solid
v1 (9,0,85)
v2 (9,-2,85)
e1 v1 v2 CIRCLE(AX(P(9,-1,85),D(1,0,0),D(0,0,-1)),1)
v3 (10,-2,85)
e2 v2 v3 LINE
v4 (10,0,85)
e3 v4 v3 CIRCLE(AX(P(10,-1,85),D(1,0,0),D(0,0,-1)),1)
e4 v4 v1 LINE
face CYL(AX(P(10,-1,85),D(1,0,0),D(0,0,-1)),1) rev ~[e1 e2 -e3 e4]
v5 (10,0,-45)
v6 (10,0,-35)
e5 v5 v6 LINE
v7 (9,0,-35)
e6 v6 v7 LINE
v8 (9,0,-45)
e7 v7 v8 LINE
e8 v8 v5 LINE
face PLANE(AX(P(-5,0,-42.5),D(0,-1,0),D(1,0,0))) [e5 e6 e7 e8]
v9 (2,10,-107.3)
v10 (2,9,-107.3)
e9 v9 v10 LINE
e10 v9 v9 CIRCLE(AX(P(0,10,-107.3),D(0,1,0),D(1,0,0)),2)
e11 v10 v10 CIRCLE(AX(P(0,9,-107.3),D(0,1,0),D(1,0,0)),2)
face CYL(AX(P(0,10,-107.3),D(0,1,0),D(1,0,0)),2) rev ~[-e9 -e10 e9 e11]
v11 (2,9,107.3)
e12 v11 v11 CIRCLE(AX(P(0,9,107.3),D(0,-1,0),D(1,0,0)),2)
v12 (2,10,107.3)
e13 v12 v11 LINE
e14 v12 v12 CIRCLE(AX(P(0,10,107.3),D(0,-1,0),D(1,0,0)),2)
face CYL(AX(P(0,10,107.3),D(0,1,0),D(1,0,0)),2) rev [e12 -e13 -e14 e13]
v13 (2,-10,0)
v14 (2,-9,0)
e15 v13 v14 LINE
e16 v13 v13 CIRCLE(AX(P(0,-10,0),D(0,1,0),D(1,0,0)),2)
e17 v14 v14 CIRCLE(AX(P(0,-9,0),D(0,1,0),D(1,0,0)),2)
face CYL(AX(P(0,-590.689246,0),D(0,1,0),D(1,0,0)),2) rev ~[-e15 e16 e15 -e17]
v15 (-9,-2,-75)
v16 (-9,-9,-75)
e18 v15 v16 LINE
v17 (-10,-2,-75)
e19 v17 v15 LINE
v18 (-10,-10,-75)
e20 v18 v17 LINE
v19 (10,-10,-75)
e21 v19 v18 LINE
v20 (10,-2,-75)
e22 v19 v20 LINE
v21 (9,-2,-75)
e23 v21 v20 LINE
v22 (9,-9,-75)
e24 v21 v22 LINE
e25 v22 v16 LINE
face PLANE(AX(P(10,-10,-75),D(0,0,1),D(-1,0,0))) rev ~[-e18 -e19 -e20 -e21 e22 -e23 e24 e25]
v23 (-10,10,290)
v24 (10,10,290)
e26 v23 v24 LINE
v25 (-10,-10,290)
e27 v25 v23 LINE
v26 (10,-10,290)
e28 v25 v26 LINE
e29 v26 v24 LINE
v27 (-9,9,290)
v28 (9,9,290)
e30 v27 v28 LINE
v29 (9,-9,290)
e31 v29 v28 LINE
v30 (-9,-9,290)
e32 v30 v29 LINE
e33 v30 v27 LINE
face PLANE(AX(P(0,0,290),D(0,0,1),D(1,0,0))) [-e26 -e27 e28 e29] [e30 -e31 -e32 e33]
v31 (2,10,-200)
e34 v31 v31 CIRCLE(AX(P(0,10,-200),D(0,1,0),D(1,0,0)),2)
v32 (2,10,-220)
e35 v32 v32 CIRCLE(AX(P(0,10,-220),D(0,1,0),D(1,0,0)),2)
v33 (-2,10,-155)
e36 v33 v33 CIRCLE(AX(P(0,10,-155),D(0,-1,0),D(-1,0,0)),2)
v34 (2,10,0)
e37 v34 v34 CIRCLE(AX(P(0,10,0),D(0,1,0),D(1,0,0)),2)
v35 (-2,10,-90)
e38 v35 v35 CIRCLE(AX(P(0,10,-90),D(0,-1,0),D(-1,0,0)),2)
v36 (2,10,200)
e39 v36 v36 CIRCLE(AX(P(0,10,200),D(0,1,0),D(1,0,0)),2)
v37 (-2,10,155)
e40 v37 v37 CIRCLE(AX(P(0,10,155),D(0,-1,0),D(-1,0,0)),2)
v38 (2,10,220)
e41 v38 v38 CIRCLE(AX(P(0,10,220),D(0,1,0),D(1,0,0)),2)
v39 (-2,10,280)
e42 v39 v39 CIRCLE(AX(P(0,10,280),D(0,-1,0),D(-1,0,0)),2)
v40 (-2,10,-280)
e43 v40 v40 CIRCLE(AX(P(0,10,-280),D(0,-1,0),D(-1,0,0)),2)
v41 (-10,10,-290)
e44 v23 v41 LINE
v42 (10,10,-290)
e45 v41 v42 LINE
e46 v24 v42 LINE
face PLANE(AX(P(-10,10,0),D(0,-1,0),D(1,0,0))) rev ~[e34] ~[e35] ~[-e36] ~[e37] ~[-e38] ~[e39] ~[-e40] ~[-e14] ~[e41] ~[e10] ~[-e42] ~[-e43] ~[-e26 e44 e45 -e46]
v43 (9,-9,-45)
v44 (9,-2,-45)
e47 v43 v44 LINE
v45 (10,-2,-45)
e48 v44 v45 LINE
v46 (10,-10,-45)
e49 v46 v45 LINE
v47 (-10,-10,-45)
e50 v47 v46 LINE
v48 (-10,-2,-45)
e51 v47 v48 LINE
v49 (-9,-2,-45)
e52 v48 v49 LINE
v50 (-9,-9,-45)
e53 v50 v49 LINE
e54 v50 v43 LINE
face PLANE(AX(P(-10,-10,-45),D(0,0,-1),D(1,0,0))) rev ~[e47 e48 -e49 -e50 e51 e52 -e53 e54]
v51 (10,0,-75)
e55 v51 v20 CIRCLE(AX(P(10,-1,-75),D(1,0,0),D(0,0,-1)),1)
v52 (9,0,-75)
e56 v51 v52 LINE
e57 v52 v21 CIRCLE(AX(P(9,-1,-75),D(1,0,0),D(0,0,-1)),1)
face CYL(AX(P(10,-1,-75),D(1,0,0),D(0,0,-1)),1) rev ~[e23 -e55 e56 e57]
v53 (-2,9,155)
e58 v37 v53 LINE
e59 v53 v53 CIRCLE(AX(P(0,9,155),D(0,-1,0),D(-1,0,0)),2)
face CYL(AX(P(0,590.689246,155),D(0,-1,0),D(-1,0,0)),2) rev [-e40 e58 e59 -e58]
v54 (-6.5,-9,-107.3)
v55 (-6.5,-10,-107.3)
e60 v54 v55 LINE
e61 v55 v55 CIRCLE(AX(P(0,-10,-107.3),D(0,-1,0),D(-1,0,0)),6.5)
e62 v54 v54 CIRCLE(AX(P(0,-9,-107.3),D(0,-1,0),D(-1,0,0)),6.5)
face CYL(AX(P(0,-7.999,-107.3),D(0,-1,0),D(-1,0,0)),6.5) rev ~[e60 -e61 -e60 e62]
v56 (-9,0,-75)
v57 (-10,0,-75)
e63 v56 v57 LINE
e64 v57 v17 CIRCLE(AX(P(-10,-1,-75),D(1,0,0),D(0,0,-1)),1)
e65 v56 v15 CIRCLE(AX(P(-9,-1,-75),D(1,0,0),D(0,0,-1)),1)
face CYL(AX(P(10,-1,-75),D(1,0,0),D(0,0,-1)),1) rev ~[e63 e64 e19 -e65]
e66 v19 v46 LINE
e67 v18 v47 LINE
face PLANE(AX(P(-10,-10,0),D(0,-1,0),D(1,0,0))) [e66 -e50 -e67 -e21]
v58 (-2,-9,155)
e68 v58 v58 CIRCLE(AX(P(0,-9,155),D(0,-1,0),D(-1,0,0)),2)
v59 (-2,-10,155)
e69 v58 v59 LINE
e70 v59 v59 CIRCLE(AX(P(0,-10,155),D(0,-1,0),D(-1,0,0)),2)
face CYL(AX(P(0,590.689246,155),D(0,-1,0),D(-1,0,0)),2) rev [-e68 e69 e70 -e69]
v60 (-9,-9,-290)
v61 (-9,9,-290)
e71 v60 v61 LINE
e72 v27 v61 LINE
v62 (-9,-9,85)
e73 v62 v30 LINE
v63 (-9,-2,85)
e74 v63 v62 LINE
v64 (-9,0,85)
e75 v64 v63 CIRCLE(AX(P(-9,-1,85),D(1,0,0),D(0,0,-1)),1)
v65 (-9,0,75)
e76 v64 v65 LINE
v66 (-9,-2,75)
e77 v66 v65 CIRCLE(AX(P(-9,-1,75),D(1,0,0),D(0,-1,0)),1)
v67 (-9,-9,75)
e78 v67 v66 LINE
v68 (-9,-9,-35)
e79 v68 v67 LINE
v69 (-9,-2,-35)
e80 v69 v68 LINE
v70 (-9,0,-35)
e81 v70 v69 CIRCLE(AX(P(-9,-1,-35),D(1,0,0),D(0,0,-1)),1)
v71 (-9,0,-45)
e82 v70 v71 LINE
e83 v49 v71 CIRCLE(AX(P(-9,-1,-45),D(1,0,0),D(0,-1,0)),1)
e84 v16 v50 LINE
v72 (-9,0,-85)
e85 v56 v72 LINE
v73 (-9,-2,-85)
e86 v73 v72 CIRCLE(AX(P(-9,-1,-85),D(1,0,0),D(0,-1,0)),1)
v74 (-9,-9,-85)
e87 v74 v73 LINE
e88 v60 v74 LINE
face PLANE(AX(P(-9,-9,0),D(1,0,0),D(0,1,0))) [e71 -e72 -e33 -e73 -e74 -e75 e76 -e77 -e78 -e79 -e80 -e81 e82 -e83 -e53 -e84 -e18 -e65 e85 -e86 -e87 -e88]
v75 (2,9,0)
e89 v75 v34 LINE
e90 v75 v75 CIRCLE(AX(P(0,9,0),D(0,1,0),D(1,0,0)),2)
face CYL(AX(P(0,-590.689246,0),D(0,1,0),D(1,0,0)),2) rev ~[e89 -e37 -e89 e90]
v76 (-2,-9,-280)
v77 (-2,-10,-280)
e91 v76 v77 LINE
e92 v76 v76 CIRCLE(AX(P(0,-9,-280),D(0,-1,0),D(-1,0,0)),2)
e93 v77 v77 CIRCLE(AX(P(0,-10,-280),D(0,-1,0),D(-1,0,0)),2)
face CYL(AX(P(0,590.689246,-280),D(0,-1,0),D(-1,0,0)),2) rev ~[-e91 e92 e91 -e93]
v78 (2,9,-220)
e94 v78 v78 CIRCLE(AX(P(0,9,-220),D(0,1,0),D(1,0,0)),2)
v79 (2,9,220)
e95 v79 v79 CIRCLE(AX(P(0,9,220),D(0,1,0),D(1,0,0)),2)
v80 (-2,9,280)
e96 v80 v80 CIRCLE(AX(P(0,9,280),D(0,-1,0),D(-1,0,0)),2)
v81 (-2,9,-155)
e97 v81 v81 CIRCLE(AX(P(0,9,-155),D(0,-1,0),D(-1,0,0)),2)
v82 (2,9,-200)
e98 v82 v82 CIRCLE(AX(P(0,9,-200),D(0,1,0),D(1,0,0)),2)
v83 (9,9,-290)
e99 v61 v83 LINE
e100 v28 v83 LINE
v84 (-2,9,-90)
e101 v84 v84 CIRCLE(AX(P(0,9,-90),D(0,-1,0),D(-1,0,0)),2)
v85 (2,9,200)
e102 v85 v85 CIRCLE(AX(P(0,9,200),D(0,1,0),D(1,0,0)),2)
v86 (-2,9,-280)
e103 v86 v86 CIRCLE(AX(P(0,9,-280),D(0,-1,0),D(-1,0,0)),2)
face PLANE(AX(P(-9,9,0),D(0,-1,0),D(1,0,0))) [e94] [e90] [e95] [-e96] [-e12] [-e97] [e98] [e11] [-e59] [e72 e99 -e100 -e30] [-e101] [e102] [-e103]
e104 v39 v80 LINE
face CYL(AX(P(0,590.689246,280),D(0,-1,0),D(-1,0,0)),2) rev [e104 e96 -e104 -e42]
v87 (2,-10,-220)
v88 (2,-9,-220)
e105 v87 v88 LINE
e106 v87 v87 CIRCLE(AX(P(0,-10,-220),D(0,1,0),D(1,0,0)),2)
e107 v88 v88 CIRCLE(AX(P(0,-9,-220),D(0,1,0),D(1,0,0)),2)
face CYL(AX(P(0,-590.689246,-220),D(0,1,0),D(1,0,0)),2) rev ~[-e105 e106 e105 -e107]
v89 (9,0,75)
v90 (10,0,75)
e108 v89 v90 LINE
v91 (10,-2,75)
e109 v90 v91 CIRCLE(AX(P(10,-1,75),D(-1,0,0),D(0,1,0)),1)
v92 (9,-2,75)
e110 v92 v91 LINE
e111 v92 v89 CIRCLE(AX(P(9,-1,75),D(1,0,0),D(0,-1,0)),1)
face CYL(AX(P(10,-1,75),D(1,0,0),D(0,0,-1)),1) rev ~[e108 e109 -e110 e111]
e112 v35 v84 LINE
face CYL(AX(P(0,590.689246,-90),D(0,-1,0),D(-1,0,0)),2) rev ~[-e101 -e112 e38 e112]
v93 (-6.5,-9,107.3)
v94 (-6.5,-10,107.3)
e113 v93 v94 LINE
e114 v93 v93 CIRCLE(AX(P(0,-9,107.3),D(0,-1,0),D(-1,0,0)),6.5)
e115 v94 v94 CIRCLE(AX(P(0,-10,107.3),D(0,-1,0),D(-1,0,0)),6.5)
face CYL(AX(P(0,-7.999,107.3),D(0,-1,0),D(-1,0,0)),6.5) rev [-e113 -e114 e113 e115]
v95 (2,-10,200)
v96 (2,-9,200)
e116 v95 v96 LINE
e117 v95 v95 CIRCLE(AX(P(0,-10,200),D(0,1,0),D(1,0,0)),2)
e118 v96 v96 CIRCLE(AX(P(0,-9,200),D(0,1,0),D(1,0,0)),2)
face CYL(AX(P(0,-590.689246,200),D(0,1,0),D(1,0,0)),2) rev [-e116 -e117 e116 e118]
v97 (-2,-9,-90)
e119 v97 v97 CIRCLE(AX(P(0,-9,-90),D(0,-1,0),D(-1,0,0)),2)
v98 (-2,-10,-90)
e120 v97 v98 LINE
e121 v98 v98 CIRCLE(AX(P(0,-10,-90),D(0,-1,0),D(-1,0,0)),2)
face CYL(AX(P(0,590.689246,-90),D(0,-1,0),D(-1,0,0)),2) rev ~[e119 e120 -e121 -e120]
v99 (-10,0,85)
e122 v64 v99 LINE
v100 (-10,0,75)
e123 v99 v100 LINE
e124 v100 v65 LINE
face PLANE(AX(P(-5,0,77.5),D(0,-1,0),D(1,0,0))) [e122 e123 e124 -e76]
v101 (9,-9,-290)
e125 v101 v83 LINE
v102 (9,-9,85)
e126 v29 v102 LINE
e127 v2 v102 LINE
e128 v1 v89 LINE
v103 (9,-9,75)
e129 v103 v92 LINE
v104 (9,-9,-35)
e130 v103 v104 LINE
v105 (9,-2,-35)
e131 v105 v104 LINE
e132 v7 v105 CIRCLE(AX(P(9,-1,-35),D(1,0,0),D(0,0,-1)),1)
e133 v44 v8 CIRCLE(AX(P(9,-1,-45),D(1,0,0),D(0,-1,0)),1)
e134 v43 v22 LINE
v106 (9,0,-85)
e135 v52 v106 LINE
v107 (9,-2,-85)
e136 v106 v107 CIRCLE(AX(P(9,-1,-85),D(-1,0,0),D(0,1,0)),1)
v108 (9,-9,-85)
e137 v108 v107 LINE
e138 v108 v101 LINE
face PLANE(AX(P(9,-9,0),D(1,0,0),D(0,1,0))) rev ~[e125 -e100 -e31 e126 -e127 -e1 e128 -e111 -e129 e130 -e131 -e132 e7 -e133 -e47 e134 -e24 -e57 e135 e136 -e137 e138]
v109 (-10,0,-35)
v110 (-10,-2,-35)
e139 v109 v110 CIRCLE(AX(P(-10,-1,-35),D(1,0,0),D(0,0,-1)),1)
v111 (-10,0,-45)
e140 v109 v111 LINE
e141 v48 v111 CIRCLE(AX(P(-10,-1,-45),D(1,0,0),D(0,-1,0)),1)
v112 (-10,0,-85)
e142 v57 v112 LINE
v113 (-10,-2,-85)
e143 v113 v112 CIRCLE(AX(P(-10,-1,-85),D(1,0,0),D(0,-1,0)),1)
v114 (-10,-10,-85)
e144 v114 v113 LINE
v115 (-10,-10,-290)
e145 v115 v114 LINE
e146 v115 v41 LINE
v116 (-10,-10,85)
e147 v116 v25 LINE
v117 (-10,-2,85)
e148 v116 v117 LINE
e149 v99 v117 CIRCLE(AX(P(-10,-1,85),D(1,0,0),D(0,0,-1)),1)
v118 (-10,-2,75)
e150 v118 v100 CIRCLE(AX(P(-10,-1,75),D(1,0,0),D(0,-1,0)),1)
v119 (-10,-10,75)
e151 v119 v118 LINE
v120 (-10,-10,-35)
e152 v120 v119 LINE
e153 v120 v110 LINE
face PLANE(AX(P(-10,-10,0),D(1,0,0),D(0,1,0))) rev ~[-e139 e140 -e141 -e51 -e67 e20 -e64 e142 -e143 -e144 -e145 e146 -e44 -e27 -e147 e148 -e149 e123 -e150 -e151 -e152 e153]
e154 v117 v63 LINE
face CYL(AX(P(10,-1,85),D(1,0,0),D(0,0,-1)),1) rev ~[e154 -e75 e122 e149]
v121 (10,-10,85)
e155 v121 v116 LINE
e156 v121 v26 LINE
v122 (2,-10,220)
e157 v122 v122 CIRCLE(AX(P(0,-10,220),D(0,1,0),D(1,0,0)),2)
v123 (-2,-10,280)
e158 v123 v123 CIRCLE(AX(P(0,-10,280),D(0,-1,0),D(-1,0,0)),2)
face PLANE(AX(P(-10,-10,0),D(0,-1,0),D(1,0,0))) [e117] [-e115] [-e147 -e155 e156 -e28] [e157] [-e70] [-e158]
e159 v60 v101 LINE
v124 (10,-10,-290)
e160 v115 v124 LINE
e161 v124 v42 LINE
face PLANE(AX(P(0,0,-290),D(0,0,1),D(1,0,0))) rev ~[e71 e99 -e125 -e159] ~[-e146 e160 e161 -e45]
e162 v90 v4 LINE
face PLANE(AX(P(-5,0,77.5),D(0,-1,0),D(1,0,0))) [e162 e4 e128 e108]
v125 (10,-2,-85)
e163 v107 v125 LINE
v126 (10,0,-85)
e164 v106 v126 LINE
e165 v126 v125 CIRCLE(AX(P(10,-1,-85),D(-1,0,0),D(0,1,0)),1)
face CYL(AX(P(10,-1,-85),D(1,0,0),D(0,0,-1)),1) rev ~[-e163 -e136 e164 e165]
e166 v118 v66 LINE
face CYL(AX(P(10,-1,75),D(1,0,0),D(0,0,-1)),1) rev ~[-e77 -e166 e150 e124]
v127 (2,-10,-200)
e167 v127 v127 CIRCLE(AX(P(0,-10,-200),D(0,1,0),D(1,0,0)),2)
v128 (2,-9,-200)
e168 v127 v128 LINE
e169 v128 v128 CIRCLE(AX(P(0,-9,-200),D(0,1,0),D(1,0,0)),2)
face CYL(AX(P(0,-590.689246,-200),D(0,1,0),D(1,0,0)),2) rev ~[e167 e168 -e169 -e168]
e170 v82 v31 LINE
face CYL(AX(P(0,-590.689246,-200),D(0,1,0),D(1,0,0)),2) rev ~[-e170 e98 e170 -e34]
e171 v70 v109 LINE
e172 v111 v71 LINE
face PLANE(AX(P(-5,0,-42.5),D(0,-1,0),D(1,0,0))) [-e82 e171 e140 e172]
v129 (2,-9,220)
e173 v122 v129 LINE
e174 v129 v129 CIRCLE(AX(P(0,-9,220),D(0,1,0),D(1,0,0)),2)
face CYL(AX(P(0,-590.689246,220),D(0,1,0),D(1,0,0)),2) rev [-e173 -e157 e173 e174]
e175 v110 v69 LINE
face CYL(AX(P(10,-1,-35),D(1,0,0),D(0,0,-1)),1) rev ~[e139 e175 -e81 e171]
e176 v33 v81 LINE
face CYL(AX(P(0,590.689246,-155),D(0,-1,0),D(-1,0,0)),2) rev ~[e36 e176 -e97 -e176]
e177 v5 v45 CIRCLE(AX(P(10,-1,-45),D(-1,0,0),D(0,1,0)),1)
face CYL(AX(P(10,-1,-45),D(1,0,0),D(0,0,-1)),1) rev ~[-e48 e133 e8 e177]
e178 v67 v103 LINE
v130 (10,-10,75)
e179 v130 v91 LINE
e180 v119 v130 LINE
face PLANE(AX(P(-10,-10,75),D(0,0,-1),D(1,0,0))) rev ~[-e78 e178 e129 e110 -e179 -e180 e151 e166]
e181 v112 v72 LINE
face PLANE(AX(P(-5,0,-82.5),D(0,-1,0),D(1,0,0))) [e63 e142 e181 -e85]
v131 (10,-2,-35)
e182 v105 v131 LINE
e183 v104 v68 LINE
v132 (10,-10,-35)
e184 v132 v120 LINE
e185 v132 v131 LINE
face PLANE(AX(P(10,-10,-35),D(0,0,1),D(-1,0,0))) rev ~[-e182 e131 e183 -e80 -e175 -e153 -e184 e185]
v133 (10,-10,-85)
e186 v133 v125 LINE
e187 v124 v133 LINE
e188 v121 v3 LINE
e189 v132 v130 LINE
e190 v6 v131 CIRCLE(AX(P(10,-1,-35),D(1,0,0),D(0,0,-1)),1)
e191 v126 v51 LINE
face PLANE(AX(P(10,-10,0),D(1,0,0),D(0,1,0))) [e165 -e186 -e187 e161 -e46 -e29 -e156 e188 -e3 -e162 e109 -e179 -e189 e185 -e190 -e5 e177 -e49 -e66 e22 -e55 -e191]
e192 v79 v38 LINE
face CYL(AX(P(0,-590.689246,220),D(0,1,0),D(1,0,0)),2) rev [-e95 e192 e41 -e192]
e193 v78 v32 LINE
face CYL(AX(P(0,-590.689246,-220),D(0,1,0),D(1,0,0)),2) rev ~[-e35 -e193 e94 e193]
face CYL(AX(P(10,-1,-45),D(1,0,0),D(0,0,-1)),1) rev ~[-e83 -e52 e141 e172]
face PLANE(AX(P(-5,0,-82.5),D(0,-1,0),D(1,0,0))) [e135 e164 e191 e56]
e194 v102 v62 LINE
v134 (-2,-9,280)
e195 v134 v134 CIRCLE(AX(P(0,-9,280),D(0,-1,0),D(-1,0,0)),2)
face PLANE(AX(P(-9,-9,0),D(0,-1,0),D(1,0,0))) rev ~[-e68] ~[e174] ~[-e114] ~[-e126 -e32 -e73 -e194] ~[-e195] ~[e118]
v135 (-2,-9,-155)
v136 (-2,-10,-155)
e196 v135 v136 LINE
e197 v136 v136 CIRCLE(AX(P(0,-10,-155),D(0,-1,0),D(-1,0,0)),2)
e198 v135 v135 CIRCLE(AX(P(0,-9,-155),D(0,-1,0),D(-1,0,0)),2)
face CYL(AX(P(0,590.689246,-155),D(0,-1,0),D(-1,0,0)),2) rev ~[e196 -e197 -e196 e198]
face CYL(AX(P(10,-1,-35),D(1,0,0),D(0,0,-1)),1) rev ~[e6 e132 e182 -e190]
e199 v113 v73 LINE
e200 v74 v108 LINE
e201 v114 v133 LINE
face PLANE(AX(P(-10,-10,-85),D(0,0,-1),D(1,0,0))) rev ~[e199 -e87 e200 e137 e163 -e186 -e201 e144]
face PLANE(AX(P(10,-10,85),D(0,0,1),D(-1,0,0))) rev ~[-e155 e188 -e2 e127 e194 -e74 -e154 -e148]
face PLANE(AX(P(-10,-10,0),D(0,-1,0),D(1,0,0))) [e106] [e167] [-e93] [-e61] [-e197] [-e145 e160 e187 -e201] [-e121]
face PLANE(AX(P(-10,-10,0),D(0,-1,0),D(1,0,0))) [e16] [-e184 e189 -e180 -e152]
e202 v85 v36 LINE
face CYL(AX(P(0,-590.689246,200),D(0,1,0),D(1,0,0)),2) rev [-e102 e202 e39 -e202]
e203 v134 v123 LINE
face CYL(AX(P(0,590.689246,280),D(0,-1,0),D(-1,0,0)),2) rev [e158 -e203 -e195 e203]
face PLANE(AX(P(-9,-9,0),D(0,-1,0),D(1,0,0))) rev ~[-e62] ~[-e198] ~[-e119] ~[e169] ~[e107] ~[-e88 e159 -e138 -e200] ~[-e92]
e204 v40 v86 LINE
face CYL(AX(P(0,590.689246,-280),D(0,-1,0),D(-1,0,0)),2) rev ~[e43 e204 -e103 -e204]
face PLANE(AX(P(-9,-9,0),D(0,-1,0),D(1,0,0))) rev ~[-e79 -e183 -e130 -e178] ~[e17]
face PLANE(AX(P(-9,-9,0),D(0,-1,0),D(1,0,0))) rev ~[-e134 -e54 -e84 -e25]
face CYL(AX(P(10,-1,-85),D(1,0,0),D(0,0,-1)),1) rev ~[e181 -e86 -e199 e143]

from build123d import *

# Parameters (mm, degrees)
SKETCH_1_W                       = 20
SKETCH_1_H                       = 20
SKETCH_1_W_2                     = 18
SKETCH_1_H_2                     = 18
EXTRUDE_1_DEPTH                  = 290
HOLE_WIZARD_4_0_4_1_D            = 4
HOLE_WIZARD_4_0_4_2_D            = 4
HOLE_WIZARD_4_0_4_3_D            = 4
HOLE_WIZARD_4_0_4_4_D            = 4
HOLE_WIZARD_4_0_4_6_REACH        = 292.861
HOLE_WIZARD_4_0_4_6_BORE_R       = 2
HOLE_WIZARD_13_0_13_1_D          = 13
HOLE_WIZARD_13_0_13_1_DEPTH      = 1.001
SKETCH_14_W                      = 10
SKETCH_14_H                      = 5
CUT_EXTRUDE_1_DEPTH              = 10
SKETCH_17_R                      = 1
CUT_EXTRUDE_3_DEPTH              = 20
PATTERN_LINEAR_1_COUNT           = 2
PATTERN_LINEAR_1_PITCH           = 10
PATTERN_LINEAR_2_COUNT           = 2
PATTERN_LINEAR_2_PITCH           = 40
PATTERN_LINEAR_2_COPY_1_SKETCH_R = 1
PATTERN_LINEAR_2_COPY_1_DEPTH    = 20
PATTERN_LINEAR_3_COUNT           = 2
PATTERN_LINEAR_3_PITCH           = 160
PATTERN_LINEAR_3_COPY_1_SKETCH_R = 1
PATTERN_LINEAR_3_COPY_1_DEPTH    = 20
HOLE_WIZARD_4_0_4_7_D            = 4


with BuildPart() as part:
    # 草图1 → 凸台-拉伸1 (new, symmetric)
    with BuildSketch(Plane.XY):
        Rectangle(SKETCH_1_W, SKETCH_1_H)
        Rectangle(SKETCH_1_W_2, SKETCH_1_H_2, mode=Mode.SUBTRACT)
    extrude(amount=EXTRUDE_1_DEPTH, both=True)

    # Ø4.0 (4) 直径孔1 (through all)
    with Locations(Plane(origin=(0, 10, 0), x_dir=(1, 0, 0), z_dir=(0, 1, 0))):
        with Locations((0, 155)):
            hole_wizard_4_0_4_1 = Hole(HOLE_WIZARD_4_0_4_1_D / 2)

    # 镜向1: Ø4.0 (4) 直径孔1 across plane
    add(hole_wizard_4_0_4_1.mirror(Plane.XY), mode=Mode.SUBTRACT)

    # Ø4.0 (4) 直径孔2 (through all)
    with Locations(Plane(origin=(0, 10, 0), x_dir=(1, 0, 0), z_dir=(0, 1, 0))):
        with Locations((0, 280)):
            hole_wizard_4_0_4_2 = Hole(HOLE_WIZARD_4_0_4_2_D / 2)

    # 镜向2: Ø4.0 (4) 直径孔2 across plane
    add(hole_wizard_4_0_4_2.mirror(Plane.XY), mode=Mode.SUBTRACT)

    # Ø4.0 (4) 直径孔3 (through all)
    with Locations(Plane(origin=(0, -10, 0), x_dir=(-1, 0, 0), z_dir=(0, -1, 0))):
        with Locations((0, 220), (0, 200)):
            hole_wizard_4_0_4_3 = Hole(HOLE_WIZARD_4_0_4_3_D / 2)

    # Ø4.0 (4) 直径孔4 (through all)
    with Locations(Plane(origin=(0, 10, 0), x_dir=(1, 0, 0), z_dir=(0, 1, 0))):
        with Locations((0, 90)):
            Hole(HOLE_WIZARD_4_0_4_4_D / 2)

    # 镜向3: Ø4.0 (4) 直径孔3 across plane
    add(hole_wizard_4_0_4_3.mirror(Plane.XY), mode=Mode.SUBTRACT)

    # Ø4.0 (4) 直径孔6 bore → Ø4.0 (4) 直径孔6 (cut, up to next)
    with BuildSketch(Plane(origin=(0, 10, 0), x_dir=(1, 0, 0), z_dir=(0, 1, 0)), mode=Mode.PRIVATE) as hole_wizard_4_0_4_6_sk1:
        with Locations((0, 107.3)):
            Circle(HOLE_WIZARD_4_0_4_6_BORE_R)
    hole_wizard_4_0_4_6_tool1 = extrude(hole_wizard_4_0_4_6_sk1.sketch, amount=-HOLE_WIZARD_4_0_4_6_REACH, mode=Mode.PRIVATE) & part.part
    hole_wizard_4_0_4_6 = hole_wizard_4_0_4_6_tool1.solids().sort_by_distance((0, 10, -107.3))[0]
    add(hole_wizard_4_0_4_6, mode=Mode.SUBTRACT)

    # 镜向4: Ø4.0 (4) 直径孔6 across plane
    add(hole_wizard_4_0_4_6.mirror(Plane.XY), mode=Mode.SUBTRACT)

    # Ø13.0 (13) 直径孔1
    with Locations(Plane(origin=(0, -9, 0), x_dir=(1, 0, 0), z_dir=(0, 1, 0))):
        with Locations((0, 107.3)):
            hole_wizard_13_0_13_1 = Hole(HOLE_WIZARD_13_0_13_1_D / 2, depth=HOLE_WIZARD_13_0_13_1_DEPTH)

    # 镜向5: Ø13.0 (13) 直径孔1 across plane
    add(hole_wizard_13_0_13_1.mirror(Plane.XY), mode=Mode.SUBTRACT)

    # 草图14 → 切除-拉伸1 (cut)
    with BuildSketch(Plane.XZ.offset(10)):
        with Locations((-5, -82.5)):
            Rectangle(SKETCH_14_W, SKETCH_14_H)
        with Locations((-5, -77.5)):
            Rectangle(SKETCH_14_W, SKETCH_14_H)
        Polygon((0, -80), (0, -85), (10, -85), (10, -75), (0, -75), align=None)
    cut_extrude_1 = extrude(amount=-CUT_EXTRUDE_1_DEPTH, mode=Mode.SUBTRACT)

    # 草图17 → 切除-拉伸3 (cut)
    with BuildSketch(Plane(origin=(10, 0, 0), x_dir=(0, 0, -1), z_dir=(1, 0, 0))):
        with Locations((85, -1)):
            Circle(SKETCH_17_R)
    cut_extrude_3 = extrude(amount=-CUT_EXTRUDE_3_DEPTH, mode=Mode.SUBTRACT)

    # 阵列(线性)1: 切除-拉伸3 ×2
    with Locations(*[(0, 0, i * PATTERN_LINEAR_1_PITCH) for i in range(1, PATTERN_LINEAR_1_COUNT)]):
        add(cut_extrude_3, mode=Mode.SUBTRACT)

    # 阵列(线性)2: 切除-拉伸1, 切除-拉伸3 ×2
    with Locations(*[(0, 0, i * PATTERN_LINEAR_2_PITCH) for i in range(1, PATTERN_LINEAR_2_COUNT)]):
        add(cut_extrude_1, mode=Mode.SUBTRACT)
        add(cut_extrude_3, mode=Mode.SUBTRACT)

    # 阵列(线性)2 copy 1 sketch → 阵列(线性)2 copy 1 (cut)
    with BuildSketch(Plane(origin=(10, 0, 50), x_dir=(0, 0, -1), z_dir=(1, 0, 0))):
        with Locations((85, -1)):
            Circle(PATTERN_LINEAR_2_COPY_1_SKETCH_R)
    extrude(amount=-PATTERN_LINEAR_2_COPY_1_DEPTH, mode=Mode.SUBTRACT)

    # 阵列(线性)3: 切除-拉伸1, 切除-拉伸3 ×2
    with Locations(*[(0, 0, i * PATTERN_LINEAR_3_PITCH) for i in range(1, PATTERN_LINEAR_3_COUNT)]):
        add(cut_extrude_1, mode=Mode.SUBTRACT)
        add(cut_extrude_3, mode=Mode.SUBTRACT)

    # 阵列(线性)3 copy 1 sketch → 阵列(线性)3 copy 1 (cut)
    with BuildSketch(Plane(origin=(10, 0, 170), x_dir=(0, 0, -1), z_dir=(1, 0, 0))):
        with Locations((85, -1)):
            Circle(PATTERN_LINEAR_3_COPY_1_SKETCH_R)
    extrude(amount=-PATTERN_LINEAR_3_COPY_1_DEPTH, mode=Mode.SUBTRACT)

    # Ø4.0 (4) 直径孔7 (through all)
    with Locations(Plane(origin=(0, -10, 0), x_dir=(-1, 0, 0), z_dir=(0, -1, 0))):
        with Locations((0, 0)):
            Hole(HOLE_WIZARD_4_0_4_7_D / 2)


solid = part.part
